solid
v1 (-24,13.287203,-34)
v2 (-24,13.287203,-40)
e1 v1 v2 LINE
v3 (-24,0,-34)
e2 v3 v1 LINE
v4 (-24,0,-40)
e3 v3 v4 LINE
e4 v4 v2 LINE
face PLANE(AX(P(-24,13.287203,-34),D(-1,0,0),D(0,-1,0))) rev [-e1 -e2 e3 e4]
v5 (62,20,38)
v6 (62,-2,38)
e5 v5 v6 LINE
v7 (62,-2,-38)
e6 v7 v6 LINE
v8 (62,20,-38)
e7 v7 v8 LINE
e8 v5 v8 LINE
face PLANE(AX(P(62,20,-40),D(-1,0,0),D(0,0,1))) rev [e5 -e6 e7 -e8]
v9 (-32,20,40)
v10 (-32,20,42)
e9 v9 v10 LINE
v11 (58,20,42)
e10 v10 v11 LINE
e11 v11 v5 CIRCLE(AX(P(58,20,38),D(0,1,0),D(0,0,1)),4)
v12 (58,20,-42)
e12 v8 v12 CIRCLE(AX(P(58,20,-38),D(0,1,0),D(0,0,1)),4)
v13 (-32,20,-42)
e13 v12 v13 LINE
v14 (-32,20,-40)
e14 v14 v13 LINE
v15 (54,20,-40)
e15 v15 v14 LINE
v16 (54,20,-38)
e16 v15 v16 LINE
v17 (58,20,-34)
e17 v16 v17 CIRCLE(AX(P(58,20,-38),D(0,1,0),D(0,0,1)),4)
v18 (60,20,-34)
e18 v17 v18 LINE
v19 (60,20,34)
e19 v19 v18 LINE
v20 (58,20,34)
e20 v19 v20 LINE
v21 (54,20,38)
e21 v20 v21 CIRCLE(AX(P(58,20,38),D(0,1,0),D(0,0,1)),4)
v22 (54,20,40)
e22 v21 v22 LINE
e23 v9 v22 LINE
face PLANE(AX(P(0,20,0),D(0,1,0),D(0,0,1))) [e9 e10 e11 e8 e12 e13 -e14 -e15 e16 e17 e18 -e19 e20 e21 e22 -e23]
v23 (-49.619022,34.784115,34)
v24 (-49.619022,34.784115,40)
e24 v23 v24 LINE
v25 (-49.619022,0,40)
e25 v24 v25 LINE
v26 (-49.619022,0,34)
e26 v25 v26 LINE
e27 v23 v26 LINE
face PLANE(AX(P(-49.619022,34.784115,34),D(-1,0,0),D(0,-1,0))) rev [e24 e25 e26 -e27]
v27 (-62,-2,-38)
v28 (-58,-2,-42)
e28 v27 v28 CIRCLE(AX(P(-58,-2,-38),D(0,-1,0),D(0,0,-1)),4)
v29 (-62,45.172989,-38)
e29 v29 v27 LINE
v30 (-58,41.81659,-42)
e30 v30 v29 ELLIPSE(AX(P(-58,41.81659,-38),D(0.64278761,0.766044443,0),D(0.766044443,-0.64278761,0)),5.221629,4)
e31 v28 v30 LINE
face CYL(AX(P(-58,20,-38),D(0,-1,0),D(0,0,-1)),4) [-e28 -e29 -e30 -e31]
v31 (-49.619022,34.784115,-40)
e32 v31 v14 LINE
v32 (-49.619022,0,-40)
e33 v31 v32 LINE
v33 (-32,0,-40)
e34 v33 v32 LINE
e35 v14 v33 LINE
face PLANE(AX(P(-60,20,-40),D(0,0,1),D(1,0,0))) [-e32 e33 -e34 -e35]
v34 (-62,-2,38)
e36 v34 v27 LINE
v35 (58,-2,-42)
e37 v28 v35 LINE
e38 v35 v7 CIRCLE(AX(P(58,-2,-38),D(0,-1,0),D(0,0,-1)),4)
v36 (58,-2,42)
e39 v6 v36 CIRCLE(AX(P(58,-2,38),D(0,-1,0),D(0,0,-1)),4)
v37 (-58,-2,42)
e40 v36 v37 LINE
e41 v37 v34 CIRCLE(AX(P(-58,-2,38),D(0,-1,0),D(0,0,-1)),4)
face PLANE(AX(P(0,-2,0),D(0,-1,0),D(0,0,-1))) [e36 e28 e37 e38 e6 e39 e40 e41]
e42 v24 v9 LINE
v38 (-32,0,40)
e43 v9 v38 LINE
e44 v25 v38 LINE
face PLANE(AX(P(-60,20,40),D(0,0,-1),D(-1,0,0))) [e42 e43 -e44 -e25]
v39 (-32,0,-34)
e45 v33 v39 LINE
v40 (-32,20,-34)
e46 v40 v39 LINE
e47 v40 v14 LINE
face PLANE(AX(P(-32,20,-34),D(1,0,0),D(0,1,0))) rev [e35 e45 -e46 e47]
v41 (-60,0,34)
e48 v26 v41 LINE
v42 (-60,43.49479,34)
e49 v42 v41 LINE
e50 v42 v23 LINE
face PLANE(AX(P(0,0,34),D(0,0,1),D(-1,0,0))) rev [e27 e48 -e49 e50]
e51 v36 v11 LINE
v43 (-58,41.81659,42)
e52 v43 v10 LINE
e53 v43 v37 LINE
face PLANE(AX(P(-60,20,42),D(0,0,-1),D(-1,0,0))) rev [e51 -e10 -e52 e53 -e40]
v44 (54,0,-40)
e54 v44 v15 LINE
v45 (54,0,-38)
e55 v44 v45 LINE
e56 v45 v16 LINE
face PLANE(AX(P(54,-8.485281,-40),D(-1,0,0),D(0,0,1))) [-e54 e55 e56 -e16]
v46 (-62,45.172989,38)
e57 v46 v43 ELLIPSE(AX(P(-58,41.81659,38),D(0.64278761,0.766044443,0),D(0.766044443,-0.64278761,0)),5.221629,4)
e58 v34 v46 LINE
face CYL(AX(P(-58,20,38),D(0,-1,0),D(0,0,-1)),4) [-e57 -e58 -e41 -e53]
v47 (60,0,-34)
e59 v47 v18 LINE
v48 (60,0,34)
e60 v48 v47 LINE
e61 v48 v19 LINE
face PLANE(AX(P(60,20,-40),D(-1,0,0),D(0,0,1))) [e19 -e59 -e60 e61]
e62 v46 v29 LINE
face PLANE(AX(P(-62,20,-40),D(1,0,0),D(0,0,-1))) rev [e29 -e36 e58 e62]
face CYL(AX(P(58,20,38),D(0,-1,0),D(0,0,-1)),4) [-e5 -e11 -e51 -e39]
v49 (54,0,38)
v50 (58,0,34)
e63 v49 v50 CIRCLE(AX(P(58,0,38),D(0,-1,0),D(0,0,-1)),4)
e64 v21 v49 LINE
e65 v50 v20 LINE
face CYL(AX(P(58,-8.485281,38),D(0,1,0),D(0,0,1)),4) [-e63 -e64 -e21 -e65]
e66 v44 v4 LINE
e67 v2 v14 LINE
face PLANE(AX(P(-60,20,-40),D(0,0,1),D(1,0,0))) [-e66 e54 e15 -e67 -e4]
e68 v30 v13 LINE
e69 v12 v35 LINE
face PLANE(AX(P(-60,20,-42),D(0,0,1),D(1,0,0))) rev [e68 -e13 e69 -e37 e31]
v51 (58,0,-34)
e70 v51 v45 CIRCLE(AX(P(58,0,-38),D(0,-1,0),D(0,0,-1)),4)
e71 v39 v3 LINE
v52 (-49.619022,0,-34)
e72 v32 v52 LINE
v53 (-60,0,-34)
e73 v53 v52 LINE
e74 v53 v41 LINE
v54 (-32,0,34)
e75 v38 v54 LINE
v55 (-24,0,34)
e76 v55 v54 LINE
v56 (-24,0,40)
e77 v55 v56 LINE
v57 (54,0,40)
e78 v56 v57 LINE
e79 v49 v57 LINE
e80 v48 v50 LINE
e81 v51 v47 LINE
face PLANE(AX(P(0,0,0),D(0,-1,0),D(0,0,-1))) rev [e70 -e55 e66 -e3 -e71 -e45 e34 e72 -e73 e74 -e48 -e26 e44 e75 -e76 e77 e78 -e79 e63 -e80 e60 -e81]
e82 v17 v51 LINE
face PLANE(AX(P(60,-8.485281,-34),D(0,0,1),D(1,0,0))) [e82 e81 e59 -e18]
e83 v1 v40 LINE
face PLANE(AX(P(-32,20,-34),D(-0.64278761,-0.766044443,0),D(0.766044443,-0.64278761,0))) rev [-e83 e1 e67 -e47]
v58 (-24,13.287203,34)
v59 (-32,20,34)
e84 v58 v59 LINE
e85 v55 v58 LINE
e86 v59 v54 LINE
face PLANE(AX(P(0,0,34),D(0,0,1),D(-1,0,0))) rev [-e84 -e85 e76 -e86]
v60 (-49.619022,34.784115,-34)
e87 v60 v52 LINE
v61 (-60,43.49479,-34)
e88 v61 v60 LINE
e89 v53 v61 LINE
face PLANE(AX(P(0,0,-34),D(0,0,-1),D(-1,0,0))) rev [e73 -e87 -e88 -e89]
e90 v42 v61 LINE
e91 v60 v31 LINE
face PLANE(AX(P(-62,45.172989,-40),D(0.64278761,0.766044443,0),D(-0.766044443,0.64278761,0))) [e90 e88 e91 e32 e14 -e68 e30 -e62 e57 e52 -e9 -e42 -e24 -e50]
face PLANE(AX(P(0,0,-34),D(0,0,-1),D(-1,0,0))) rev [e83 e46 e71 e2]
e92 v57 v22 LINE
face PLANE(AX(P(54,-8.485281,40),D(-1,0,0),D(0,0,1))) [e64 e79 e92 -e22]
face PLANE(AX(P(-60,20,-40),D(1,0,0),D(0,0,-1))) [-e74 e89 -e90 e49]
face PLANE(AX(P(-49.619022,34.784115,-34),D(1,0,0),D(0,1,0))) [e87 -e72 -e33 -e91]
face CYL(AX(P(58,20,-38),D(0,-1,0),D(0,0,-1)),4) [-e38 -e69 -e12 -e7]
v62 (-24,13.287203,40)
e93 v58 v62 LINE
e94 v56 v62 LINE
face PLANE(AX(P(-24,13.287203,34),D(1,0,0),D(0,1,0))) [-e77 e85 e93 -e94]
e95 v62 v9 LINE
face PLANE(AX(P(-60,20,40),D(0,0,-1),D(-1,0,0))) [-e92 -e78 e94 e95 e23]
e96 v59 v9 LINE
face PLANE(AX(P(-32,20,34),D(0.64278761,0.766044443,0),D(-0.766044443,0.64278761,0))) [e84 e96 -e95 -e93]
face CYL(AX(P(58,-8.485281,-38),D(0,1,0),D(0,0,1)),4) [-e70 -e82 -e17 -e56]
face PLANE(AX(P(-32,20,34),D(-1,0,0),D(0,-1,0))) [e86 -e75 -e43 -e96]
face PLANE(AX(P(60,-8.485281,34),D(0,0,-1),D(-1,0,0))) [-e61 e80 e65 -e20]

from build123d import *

# Parameters (mm, degrees)
SKETCH1_W            = 124
SKETCH1_H            = 84
SKETCH1_W_2          = 120
SKETCH1_H_2          = 80
EXTRUDE_THIN1_DEPTH  = 20
SKETCH2_W            = 124
SKETCH2_H            = 84
BOSS_EXTRUDE1_DEPTH  = 2
BOSS_EXTRUDE2_DEPTH  = 6
SKETCH9_W            = 6
SKETCH9_H            = 6
BOSS_EXTRUDE7_DEPTH  = 20
BOSS_EXTRUDE8_DEPTH  = 2
BOSS_EXTRUDE9_START  = -2
BOSS_EXTRUDE9_DEPTH  = 6
BOSS_EXTRUDE10_DEPTH = 68
FILLET1_R            = 4


with BuildPart() as part:
    # Sketch1 → Extrude-Thin1 (new body)
    with BuildSketch(Plane(origin=(0, 0, 0), x_dir=(1, 0, 0), z_dir=(0, 1, 0))):
        Rectangle(SKETCH1_W, SKETCH1_H)
        Rectangle(SKETCH1_W_2, SKETCH1_H_2, mode=Mode.SUBTRACT)
    extrude(amount=EXTRUDE_THIN1_DEPTH)

    # Sketch2 → Boss-Extrude1 (add)
    with BuildSketch(Plane.XZ):
        Rectangle(SKETCH2_W, SKETCH2_H)
    extrude(amount=BOSS_EXTRUDE1_DEPTH)

    # Sketch3 → Boss-Extrude2 (add)
    with BuildSketch(Plane.XY.offset(-40)):
        Polygon((-24, 13.287202951), (-24, -2), (-32, -2), (-32, 20), align=None)
    boss_extrude2 = extrude(amount=BOSS_EXTRUDE2_DEPTH)

    # Sketch9 → Boss-Extrude7 (add)
    with BuildSketch(Plane(origin=(0, 20, 0), x_dir=(1, 0, 0), z_dir=(0, 1, 0))):
        with Locations((57, 37)):
            Rectangle(SKETCH9_W, SKETCH9_H)
        with Locations((57, -37)):
            Rectangle(SKETCH9_W, SKETCH9_H)
    extrude(amount=-BOSS_EXTRUDE7_DEPTH)

    # Sketch10 → Boss-Extrude8 (add)
    with BuildSketch(Plane(origin=(0, 0, -42), x_dir=(-1, 0, 0), z_dir=(0, 0, -1))):
        Polygon((62, 20), (62, 45.172988935), (32, 20), align=None)
    boss_extrude8 = extrude(amount=-BOSS_EXTRUDE8_DEPTH)

    # Sketch11 → Boss-Extrude9 (add)
    with BuildSketch(Plane(origin=(0, 0, -42), x_dir=(-1, 0, 0), z_dir=(0, 0, -1)).offset(BOSS_EXTRUDE9_START)):
        Polygon((62, 45.172988935), (49.619022192, 34.784115023), (49.619022192, -2), (62, -2), align=None)
    boss_extrude9 = extrude(amount=-BOSS_EXTRUDE9_DEPTH)

    # Mirror1: Boss-Extrude2, Boss-Extrude8, Boss-Extrude9 across plane
    add(boss_extrude2.mirror(Plane(origin=(0, 0, 0), x_dir=(1, 0, 0), z_dir=(0, 0, -1))))
    add(boss_extrude8.mirror(Plane(origin=(0, 0, 0), x_dir=(1, 0, 0), z_dir=(0, 0, -1))))
    add(boss_extrude9.mirror(Plane(origin=(0, 0, 0), x_dir=(1, 0, 0), z_dir=(0, 0, -1))))

    # Sketch12 → Boss-Extrude10 (add)
    with BuildSketch(Plane.XY.offset(-34)):
        Polygon((-62, 20), (-62, 45.172988935), (-60, 43.494789673), (-60, 20), align=None)
    extrude(amount=BOSS_EXTRUDE10_DEPTH)

    # Fillet1
    fillet1_edges = [part.edges().sort_by_distance(p)[0] for p in [
        (62, 9, 42),
        (-62, 21.586494468, 42),
        (-62, 21.586494468, -42),
        (62, 9, -42),
        (54, 10, -34),
        (54, 10, 34),
    ]]
    fillet(fillet1_edges, radius=FILLET1_R)


solid = part.part
